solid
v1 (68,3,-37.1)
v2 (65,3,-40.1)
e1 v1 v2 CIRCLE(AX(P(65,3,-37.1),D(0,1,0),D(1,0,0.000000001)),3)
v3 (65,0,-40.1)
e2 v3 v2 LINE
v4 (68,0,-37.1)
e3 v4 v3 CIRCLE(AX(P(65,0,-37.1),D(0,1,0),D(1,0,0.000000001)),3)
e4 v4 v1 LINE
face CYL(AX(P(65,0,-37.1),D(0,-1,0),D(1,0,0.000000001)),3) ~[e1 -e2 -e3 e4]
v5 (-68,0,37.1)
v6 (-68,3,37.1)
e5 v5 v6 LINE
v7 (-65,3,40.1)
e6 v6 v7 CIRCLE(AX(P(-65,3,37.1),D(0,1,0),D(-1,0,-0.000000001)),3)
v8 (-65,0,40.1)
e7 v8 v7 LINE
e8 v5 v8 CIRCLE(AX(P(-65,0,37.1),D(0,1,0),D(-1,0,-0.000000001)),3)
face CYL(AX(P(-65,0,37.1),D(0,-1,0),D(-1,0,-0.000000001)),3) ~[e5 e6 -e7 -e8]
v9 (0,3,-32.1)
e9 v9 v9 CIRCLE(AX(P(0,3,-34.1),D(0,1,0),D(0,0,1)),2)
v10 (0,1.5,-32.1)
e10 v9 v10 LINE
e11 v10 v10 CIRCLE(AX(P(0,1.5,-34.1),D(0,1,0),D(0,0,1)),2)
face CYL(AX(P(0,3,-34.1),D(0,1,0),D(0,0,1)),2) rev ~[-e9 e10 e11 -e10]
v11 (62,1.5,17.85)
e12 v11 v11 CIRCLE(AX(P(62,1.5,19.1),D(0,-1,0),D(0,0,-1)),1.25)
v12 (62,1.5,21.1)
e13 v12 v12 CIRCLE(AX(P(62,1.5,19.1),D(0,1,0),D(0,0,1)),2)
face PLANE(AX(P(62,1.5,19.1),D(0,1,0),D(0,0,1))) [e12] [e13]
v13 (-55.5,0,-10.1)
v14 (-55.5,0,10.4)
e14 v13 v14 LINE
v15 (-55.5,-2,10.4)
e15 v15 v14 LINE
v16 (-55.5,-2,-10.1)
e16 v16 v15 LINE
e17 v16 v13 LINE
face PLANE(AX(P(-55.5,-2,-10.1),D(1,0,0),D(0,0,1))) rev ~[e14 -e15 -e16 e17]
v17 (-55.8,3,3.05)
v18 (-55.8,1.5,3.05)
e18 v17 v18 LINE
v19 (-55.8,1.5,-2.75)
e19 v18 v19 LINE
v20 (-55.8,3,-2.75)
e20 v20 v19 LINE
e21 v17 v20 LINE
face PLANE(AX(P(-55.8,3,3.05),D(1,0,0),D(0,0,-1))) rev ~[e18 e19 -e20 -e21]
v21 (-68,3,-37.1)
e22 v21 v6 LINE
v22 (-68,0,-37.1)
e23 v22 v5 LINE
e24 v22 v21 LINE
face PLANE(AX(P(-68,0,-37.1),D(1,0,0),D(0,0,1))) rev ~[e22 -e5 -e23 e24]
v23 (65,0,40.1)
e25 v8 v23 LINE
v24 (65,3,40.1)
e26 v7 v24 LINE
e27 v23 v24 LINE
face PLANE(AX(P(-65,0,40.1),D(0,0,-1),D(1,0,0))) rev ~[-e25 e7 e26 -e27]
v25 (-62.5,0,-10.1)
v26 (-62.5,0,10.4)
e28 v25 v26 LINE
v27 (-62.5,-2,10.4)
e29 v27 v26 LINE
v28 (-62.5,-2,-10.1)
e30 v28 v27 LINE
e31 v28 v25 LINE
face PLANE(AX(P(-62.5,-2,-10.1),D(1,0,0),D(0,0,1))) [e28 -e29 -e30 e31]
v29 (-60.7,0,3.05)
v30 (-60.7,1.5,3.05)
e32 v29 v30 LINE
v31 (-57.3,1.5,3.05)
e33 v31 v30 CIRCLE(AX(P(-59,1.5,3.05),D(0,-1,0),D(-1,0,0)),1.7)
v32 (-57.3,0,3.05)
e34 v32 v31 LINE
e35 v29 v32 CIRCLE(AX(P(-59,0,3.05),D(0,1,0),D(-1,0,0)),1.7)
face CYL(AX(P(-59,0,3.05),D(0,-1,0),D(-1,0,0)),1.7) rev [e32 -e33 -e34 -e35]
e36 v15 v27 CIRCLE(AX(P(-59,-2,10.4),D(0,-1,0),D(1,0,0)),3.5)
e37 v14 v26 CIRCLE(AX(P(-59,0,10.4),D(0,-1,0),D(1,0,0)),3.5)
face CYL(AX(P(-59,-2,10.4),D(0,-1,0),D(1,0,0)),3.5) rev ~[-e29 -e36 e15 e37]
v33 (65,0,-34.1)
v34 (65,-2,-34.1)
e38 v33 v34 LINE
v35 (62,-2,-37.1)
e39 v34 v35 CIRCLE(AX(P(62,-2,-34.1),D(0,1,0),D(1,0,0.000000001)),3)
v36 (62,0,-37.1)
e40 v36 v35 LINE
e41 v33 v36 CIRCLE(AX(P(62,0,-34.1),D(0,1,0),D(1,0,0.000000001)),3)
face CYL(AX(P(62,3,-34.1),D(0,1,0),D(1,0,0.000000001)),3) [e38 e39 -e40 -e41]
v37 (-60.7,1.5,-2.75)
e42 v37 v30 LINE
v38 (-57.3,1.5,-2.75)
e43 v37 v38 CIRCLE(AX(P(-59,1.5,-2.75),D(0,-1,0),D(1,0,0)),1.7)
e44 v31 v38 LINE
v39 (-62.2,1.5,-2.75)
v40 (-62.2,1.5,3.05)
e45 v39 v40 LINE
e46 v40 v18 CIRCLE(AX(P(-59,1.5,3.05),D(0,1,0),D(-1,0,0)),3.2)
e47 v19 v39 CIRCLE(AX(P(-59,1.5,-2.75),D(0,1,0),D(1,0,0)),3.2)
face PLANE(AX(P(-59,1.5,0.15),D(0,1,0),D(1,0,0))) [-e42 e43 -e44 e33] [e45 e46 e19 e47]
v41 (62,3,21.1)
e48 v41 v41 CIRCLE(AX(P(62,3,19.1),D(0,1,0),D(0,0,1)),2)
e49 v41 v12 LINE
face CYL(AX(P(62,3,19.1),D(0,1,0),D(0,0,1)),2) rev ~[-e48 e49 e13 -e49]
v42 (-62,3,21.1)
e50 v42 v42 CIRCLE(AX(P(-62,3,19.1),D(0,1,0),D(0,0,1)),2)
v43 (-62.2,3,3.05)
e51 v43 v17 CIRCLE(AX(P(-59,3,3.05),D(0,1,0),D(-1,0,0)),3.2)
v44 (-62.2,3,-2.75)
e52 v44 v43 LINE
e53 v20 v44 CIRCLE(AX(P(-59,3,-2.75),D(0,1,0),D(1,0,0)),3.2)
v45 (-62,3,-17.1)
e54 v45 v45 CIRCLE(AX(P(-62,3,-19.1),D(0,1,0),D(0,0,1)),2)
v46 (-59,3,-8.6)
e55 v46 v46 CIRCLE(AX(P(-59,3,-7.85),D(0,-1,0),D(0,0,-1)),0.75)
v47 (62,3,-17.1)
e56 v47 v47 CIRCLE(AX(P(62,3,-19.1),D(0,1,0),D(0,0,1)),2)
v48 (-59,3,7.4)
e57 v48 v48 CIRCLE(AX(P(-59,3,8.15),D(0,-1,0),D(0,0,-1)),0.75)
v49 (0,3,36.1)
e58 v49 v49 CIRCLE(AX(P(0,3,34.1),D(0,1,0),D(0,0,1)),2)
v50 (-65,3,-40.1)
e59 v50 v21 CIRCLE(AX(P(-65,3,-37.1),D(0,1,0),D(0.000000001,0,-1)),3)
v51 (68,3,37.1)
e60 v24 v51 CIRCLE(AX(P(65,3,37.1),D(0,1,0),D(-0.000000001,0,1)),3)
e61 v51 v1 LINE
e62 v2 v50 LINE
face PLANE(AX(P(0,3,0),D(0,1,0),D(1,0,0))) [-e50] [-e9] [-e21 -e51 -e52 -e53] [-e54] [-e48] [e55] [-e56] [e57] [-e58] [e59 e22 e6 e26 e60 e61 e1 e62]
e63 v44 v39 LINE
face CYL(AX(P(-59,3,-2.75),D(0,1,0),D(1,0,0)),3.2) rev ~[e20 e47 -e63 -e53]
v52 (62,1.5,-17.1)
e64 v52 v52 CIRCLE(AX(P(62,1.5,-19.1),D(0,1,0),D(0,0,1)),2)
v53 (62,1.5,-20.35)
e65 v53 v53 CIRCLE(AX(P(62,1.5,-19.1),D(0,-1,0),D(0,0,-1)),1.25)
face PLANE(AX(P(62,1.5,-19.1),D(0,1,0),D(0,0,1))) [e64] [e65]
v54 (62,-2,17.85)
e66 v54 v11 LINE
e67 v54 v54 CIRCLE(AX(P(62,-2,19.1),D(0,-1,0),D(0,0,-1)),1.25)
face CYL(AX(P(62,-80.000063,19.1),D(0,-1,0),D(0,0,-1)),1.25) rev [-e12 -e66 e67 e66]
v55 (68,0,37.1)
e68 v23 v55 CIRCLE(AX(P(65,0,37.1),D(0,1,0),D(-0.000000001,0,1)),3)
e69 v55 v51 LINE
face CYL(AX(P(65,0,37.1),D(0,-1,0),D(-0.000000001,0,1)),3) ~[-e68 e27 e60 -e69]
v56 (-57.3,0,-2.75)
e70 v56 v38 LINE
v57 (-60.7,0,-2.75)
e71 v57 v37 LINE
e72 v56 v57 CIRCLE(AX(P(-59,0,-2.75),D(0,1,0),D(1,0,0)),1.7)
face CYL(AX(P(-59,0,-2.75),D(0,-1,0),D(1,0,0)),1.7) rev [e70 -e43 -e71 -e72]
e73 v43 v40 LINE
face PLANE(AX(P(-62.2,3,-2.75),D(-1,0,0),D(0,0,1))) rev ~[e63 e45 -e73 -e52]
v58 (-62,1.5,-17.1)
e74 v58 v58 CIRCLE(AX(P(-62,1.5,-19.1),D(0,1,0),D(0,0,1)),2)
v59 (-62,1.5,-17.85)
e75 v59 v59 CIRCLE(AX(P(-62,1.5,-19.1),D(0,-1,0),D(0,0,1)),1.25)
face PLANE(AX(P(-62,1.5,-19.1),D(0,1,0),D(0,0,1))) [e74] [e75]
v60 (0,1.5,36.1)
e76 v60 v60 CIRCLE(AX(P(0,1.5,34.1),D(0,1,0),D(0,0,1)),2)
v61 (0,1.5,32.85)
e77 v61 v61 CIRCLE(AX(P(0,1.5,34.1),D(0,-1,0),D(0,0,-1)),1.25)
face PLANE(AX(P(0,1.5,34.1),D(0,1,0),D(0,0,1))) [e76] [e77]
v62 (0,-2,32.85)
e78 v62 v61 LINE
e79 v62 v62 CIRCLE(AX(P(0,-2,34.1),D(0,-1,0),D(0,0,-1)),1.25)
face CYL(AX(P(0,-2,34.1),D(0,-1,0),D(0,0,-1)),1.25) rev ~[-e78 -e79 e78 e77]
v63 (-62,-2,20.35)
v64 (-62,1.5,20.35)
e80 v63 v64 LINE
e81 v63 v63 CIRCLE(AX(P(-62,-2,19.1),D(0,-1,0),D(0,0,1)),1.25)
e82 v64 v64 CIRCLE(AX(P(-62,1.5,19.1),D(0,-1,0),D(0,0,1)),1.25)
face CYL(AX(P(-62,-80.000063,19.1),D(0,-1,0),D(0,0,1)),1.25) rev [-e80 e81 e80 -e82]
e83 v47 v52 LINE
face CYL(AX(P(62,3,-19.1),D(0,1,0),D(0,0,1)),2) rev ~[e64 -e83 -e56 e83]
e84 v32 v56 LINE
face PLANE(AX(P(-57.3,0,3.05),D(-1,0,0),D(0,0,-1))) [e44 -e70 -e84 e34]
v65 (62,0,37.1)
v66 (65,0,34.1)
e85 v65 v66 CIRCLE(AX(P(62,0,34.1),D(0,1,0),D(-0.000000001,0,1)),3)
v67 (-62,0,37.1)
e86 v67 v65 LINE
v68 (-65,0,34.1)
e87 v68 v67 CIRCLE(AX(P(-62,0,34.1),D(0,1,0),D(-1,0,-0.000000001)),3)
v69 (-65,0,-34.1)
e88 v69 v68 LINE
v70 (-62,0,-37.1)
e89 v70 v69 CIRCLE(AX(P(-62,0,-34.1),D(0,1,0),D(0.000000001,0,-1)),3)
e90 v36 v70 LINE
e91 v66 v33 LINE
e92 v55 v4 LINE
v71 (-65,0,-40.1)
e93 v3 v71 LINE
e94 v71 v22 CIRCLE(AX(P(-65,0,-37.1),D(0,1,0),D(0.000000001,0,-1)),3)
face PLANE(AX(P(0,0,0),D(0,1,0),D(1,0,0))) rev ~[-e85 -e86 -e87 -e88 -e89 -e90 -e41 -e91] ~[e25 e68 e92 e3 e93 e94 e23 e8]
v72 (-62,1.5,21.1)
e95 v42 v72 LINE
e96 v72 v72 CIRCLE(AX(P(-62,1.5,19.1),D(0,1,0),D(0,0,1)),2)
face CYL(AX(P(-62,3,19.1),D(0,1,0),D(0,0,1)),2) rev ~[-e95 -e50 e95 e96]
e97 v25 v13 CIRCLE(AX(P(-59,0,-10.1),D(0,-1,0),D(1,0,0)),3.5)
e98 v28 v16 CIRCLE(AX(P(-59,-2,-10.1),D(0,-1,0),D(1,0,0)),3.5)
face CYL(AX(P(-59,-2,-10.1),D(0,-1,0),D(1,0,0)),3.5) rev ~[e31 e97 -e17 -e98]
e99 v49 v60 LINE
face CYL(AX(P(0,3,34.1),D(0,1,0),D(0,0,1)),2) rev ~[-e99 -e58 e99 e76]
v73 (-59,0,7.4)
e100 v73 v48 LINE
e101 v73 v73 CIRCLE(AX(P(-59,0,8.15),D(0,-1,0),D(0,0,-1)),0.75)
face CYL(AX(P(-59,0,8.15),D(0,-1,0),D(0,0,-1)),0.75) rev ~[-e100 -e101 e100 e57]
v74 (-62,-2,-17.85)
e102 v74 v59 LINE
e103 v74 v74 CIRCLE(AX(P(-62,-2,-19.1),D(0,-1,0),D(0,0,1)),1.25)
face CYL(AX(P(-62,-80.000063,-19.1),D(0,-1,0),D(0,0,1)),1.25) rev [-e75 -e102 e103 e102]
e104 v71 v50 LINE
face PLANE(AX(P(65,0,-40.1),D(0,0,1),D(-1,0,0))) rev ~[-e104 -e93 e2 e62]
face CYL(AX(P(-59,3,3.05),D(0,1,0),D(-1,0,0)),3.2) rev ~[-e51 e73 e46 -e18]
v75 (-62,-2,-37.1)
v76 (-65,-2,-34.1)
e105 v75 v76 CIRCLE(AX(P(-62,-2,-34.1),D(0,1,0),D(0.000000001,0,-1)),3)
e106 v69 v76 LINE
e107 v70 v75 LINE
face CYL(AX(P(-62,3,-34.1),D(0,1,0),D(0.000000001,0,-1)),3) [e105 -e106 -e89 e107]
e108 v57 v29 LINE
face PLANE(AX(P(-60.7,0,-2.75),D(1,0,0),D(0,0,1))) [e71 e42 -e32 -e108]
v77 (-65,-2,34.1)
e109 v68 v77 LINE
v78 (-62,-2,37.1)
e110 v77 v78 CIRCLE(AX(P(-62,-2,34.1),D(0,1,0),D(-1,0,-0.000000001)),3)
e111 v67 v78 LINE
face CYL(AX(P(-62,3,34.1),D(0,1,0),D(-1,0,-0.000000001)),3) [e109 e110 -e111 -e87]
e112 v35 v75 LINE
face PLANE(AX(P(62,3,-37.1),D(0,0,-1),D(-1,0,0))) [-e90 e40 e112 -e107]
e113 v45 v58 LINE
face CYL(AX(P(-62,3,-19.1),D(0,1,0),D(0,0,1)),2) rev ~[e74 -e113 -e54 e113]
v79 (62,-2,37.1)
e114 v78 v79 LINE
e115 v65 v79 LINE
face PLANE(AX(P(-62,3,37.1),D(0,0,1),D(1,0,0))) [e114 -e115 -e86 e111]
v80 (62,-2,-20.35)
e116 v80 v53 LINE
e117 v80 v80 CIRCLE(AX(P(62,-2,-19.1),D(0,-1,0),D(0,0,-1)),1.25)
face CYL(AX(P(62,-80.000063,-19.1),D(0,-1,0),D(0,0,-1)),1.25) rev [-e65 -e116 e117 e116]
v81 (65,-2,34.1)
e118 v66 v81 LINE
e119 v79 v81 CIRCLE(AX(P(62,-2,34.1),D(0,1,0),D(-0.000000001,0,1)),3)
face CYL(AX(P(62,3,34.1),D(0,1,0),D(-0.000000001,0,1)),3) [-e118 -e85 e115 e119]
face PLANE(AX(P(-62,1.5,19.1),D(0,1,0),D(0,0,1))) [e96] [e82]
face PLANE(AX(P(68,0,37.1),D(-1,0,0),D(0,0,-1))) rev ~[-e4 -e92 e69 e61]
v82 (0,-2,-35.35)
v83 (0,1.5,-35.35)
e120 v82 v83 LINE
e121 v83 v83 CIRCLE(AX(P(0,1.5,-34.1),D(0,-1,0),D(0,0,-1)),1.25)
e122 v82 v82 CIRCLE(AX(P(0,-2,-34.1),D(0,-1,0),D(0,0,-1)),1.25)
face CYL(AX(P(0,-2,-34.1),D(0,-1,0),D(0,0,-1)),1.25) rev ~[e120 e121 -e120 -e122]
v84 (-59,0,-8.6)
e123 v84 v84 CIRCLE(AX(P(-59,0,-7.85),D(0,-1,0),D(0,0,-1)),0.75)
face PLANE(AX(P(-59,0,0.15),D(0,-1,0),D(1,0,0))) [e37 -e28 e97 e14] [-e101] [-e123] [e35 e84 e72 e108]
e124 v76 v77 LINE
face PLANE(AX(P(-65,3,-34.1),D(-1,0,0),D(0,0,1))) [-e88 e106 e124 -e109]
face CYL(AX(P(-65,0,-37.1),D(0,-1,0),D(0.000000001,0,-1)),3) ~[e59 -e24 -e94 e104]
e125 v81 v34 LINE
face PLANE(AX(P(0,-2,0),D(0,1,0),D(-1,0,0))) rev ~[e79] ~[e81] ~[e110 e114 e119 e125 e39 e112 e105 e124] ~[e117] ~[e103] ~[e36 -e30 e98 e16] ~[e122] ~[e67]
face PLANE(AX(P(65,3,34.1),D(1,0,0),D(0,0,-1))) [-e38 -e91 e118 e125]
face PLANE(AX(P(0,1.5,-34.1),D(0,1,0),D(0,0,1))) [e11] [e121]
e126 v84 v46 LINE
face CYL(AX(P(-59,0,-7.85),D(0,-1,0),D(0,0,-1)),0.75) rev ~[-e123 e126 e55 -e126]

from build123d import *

# Parameters (mm, degrees)
BOSS_EXTRUDE2_DEPTH      = 3
BOSS_EXTRUDE3_DEPTH      = 2
BOSS_EXTRUDE3_DEPTH_BACK = 3
CUT_EXTRUDE1_DEPTH       = 80.000063291
CUT_EXTRUDE1_DEPTH_BACK  = 80.000063291
SKETCH8_R                = 1.25
SKETCH9_W                = 7
SKETCH9_H                = 20.5
CUT_EXTRUDE2_DEPTH       = 2
SKETCH10_R               = 0.75
CUT_EXTRUDE3_DEPTH       = 80.000063291
SKETCH11_R               = 3.5
CUT_EXTRUDE4_DEPTH       = 2
SKETCH12_R               = 1.25
CUT_EXTRUDE6_DEPTH       = 80.101264212
CUT_EXTRUDE7_DEPTH       = 1.5
SKETCH19_R               = 2
CUT_EXTRUDE9_DEPTH       = 1.5


with BuildPart() as part:
    # Sketch1 → Boss-Extrude2 (new body)
    with BuildSketch(Plane(origin=(0, 0, 0), x_dir=(1, 0, 0), z_dir=(0, 1, 0))):
        with BuildLine():
            Line((65, 40.1), (-65, 40.1))
            ThreePointArc((-65, 40.1), (-67.121320344, 39.221320344), (-68, 37.1))
            Line((-68, 37.1), (-68, -37.1))
            ThreePointArc((-68, -37.1), (-67.121320344, -39.221320344), (-65, -40.1))
            Line((-65, -40.1), (65, -40.1))
            ThreePointArc((65, -40.1), (67.121320344, -39.221320344), (68, -37.1))
            Line((68, -37.1), (68, 37.1))
            ThreePointArc((68, 37.1), (67.121320344, 39.221320344), (65, 40.1))
        make_face()
        with BuildLine():
            Line((65, -34.1), (65, 34.1))
            ThreePointArc((65, 34.1), (64.121320344, 36.221320344), (62, 37.1))
            Line((62, 37.1), (-62, 37.1))
            ThreePointArc((-62, 37.1), (-64.121320344, 36.221320344), (-65, 34.1))
            Line((-65, 34.1), (-65, -34.1))
            ThreePointArc((-65, -34.1), (-64.121320344, -36.221320344), (-62, -37.1))
            Line((-62, -37.1), (62, -37.1))
            ThreePointArc((62, -37.1), (64.121320344, -36.221320344), (65, -34.1))
        make_face(mode=Mode.SUBTRACT)
    extrude(amount=BOSS_EXTRUDE2_DEPTH)

    # Sketch7 → Boss-Extrude3 (add, two sides: drawn at the far end of the back side and taken through both)
    with BuildSketch(Plane.XZ.offset(-BOSS_EXTRUDE3_DEPTH_BACK)):
        with BuildLine():
            Line((-62, 37.1), (62, 37.1))
            ThreePointArc((62, 37.1), (64.121320344, 36.221320344), (65, 34.1))
            Line((65, 34.1), (65, -34.1))
            ThreePointArc((65, -34.1), (64.121320344, -36.221320344), (62, -37.1))
            Line((62, -37.1), (-62, -37.1))
            ThreePointArc((-62, -37.1), (-64.121320344, -36.221320344), (-65, -34.1))
            Line((-65, -34.1), (-65, 34.1))
            ThreePointArc((-65, 34.1), (-64.121320344, 36.221320344), (-62, 37.1))
        make_face()
    extrude(amount=BOSS_EXTRUDE3_DEPTH + BOSS_EXTRUDE3_DEPTH_BACK)

    # Sketch8 → Cut-Extrude1 (cut, two sides: drawn at the far end of the back side and taken through both)
    with BuildSketch(Plane(origin=(0, 0, 0), x_dir=(1, 0, 0), z_dir=(0, 1, 0)).offset(-CUT_EXTRUDE1_DEPTH_BACK)):
        with Locations((62, 19.1)):
            Circle(SKETCH8_R)
        with Locations((62, -19.1)):
            Circle(SKETCH8_R)
        with Locations((-62, -19.1)):
            Circle(SKETCH8_R)
        with Locations((-62, 19.1)):
            Circle(SKETCH8_R)
    extrude(amount=CUT_EXTRUDE1_DEPTH + CUT_EXTRUDE1_DEPTH_BACK, mode=Mode.SUBTRACT)

    # Sketch9 → Cut-Extrude2 (cut)
    with BuildSketch(Plane.XZ.offset(2)):
        with Locations((-59, 0.15)):
            Rectangle(SKETCH9_W, SKETCH9_H)
    extrude(amount=-CUT_EXTRUDE2_DEPTH, mode=Mode.SUBTRACT)

    # Sketch10 → Cut-Extrude3 (cut, through all)
    with BuildSketch(Plane.XZ):
        with Locations((-59, -7.85)):
            Circle(SKETCH10_R)
        with Locations((-59, 8.15)):
            Circle(SKETCH10_R)
        with BuildLine():
            Line((-60.7, -2.75), (-60.7, 3.05))
            ThreePointArc((-60.7, 3.05), (-59, 4.75), (-57.3, 3.05))
            Line((-57.3, 3.05), (-57.3, -2.75))
            ThreePointArc((-57.3, -2.75), (-59, -4.45), (-60.7, -2.75))
        make_face()
    extrude(amount=-CUT_EXTRUDE3_DEPTH, mode=Mode.SUBTRACT)

    # Sketch11 → Cut-Extrude4 (cut)
    with BuildSketch(Plane.XZ.offset(2)):
        with Locations((-59, 10.4)):
            Circle(SKETCH11_R)
        with Locations((-59, -10.1)):
            Circle(SKETCH11_R)
    extrude(amount=-CUT_EXTRUDE4_DEPTH, mode=Mode.SUBTRACT)

    # Sketch12 → Cut-Extrude6 (cut, through all)
    with BuildSketch(Plane.XZ.offset(2)):
        with Locations((0, 34.1)):
            Circle(SKETCH12_R)
        with Locations((0, -34.1)):
            Circle(SKETCH12_R)
    extrude(amount=-CUT_EXTRUDE6_DEPTH, mode=Mode.SUBTRACT)

    # Sketch14 → Cut-Extrude7 (cut)
    with BuildSketch(Plane(origin=(0, 3, 0), x_dir=(1, 0, 0), z_dir=(0, 1, 0))):
        with BuildLine():
            Line((-62.2, 2.75), (-62.2, -3.05))
            ThreePointArc((-62.2, -3.05), (-59, -6.25), (-55.8, -3.05))
            Line((-55.8, -3.05), (-55.8, 2.75))
            ThreePointArc((-55.8, 2.75), (-59, 5.95), (-62.2, 2.75))
        make_face()
    extrude(amount=-CUT_EXTRUDE7_DEPTH, mode=Mode.SUBTRACT)

    # Sketch19 → Cut-Extrude9 (cut)
    with BuildSketch(Plane(origin=(0, 3, 0), x_dir=(1, 0, 0), z_dir=(0, 1, 0))):
        with Locations((-62, -19.1)):
            Circle(SKETCH19_R)
        with Locations((-62, 19.1)):
            Circle(SKETCH19_R)
        with Locations((0, 34.1)):
            Circle(SKETCH19_R)
        with Locations((0, -34.1)):
            Circle(SKETCH19_R)
        with Locations((62, -19.1)):
            Circle(SKETCH19_R)
        with Locations((62, 19.1)):
            Circle(SKETCH19_R)
    extrude(amount=-CUT_EXTRUDE9_DEPTH, mode=Mode.SUBTRACT)


solid = part.part
